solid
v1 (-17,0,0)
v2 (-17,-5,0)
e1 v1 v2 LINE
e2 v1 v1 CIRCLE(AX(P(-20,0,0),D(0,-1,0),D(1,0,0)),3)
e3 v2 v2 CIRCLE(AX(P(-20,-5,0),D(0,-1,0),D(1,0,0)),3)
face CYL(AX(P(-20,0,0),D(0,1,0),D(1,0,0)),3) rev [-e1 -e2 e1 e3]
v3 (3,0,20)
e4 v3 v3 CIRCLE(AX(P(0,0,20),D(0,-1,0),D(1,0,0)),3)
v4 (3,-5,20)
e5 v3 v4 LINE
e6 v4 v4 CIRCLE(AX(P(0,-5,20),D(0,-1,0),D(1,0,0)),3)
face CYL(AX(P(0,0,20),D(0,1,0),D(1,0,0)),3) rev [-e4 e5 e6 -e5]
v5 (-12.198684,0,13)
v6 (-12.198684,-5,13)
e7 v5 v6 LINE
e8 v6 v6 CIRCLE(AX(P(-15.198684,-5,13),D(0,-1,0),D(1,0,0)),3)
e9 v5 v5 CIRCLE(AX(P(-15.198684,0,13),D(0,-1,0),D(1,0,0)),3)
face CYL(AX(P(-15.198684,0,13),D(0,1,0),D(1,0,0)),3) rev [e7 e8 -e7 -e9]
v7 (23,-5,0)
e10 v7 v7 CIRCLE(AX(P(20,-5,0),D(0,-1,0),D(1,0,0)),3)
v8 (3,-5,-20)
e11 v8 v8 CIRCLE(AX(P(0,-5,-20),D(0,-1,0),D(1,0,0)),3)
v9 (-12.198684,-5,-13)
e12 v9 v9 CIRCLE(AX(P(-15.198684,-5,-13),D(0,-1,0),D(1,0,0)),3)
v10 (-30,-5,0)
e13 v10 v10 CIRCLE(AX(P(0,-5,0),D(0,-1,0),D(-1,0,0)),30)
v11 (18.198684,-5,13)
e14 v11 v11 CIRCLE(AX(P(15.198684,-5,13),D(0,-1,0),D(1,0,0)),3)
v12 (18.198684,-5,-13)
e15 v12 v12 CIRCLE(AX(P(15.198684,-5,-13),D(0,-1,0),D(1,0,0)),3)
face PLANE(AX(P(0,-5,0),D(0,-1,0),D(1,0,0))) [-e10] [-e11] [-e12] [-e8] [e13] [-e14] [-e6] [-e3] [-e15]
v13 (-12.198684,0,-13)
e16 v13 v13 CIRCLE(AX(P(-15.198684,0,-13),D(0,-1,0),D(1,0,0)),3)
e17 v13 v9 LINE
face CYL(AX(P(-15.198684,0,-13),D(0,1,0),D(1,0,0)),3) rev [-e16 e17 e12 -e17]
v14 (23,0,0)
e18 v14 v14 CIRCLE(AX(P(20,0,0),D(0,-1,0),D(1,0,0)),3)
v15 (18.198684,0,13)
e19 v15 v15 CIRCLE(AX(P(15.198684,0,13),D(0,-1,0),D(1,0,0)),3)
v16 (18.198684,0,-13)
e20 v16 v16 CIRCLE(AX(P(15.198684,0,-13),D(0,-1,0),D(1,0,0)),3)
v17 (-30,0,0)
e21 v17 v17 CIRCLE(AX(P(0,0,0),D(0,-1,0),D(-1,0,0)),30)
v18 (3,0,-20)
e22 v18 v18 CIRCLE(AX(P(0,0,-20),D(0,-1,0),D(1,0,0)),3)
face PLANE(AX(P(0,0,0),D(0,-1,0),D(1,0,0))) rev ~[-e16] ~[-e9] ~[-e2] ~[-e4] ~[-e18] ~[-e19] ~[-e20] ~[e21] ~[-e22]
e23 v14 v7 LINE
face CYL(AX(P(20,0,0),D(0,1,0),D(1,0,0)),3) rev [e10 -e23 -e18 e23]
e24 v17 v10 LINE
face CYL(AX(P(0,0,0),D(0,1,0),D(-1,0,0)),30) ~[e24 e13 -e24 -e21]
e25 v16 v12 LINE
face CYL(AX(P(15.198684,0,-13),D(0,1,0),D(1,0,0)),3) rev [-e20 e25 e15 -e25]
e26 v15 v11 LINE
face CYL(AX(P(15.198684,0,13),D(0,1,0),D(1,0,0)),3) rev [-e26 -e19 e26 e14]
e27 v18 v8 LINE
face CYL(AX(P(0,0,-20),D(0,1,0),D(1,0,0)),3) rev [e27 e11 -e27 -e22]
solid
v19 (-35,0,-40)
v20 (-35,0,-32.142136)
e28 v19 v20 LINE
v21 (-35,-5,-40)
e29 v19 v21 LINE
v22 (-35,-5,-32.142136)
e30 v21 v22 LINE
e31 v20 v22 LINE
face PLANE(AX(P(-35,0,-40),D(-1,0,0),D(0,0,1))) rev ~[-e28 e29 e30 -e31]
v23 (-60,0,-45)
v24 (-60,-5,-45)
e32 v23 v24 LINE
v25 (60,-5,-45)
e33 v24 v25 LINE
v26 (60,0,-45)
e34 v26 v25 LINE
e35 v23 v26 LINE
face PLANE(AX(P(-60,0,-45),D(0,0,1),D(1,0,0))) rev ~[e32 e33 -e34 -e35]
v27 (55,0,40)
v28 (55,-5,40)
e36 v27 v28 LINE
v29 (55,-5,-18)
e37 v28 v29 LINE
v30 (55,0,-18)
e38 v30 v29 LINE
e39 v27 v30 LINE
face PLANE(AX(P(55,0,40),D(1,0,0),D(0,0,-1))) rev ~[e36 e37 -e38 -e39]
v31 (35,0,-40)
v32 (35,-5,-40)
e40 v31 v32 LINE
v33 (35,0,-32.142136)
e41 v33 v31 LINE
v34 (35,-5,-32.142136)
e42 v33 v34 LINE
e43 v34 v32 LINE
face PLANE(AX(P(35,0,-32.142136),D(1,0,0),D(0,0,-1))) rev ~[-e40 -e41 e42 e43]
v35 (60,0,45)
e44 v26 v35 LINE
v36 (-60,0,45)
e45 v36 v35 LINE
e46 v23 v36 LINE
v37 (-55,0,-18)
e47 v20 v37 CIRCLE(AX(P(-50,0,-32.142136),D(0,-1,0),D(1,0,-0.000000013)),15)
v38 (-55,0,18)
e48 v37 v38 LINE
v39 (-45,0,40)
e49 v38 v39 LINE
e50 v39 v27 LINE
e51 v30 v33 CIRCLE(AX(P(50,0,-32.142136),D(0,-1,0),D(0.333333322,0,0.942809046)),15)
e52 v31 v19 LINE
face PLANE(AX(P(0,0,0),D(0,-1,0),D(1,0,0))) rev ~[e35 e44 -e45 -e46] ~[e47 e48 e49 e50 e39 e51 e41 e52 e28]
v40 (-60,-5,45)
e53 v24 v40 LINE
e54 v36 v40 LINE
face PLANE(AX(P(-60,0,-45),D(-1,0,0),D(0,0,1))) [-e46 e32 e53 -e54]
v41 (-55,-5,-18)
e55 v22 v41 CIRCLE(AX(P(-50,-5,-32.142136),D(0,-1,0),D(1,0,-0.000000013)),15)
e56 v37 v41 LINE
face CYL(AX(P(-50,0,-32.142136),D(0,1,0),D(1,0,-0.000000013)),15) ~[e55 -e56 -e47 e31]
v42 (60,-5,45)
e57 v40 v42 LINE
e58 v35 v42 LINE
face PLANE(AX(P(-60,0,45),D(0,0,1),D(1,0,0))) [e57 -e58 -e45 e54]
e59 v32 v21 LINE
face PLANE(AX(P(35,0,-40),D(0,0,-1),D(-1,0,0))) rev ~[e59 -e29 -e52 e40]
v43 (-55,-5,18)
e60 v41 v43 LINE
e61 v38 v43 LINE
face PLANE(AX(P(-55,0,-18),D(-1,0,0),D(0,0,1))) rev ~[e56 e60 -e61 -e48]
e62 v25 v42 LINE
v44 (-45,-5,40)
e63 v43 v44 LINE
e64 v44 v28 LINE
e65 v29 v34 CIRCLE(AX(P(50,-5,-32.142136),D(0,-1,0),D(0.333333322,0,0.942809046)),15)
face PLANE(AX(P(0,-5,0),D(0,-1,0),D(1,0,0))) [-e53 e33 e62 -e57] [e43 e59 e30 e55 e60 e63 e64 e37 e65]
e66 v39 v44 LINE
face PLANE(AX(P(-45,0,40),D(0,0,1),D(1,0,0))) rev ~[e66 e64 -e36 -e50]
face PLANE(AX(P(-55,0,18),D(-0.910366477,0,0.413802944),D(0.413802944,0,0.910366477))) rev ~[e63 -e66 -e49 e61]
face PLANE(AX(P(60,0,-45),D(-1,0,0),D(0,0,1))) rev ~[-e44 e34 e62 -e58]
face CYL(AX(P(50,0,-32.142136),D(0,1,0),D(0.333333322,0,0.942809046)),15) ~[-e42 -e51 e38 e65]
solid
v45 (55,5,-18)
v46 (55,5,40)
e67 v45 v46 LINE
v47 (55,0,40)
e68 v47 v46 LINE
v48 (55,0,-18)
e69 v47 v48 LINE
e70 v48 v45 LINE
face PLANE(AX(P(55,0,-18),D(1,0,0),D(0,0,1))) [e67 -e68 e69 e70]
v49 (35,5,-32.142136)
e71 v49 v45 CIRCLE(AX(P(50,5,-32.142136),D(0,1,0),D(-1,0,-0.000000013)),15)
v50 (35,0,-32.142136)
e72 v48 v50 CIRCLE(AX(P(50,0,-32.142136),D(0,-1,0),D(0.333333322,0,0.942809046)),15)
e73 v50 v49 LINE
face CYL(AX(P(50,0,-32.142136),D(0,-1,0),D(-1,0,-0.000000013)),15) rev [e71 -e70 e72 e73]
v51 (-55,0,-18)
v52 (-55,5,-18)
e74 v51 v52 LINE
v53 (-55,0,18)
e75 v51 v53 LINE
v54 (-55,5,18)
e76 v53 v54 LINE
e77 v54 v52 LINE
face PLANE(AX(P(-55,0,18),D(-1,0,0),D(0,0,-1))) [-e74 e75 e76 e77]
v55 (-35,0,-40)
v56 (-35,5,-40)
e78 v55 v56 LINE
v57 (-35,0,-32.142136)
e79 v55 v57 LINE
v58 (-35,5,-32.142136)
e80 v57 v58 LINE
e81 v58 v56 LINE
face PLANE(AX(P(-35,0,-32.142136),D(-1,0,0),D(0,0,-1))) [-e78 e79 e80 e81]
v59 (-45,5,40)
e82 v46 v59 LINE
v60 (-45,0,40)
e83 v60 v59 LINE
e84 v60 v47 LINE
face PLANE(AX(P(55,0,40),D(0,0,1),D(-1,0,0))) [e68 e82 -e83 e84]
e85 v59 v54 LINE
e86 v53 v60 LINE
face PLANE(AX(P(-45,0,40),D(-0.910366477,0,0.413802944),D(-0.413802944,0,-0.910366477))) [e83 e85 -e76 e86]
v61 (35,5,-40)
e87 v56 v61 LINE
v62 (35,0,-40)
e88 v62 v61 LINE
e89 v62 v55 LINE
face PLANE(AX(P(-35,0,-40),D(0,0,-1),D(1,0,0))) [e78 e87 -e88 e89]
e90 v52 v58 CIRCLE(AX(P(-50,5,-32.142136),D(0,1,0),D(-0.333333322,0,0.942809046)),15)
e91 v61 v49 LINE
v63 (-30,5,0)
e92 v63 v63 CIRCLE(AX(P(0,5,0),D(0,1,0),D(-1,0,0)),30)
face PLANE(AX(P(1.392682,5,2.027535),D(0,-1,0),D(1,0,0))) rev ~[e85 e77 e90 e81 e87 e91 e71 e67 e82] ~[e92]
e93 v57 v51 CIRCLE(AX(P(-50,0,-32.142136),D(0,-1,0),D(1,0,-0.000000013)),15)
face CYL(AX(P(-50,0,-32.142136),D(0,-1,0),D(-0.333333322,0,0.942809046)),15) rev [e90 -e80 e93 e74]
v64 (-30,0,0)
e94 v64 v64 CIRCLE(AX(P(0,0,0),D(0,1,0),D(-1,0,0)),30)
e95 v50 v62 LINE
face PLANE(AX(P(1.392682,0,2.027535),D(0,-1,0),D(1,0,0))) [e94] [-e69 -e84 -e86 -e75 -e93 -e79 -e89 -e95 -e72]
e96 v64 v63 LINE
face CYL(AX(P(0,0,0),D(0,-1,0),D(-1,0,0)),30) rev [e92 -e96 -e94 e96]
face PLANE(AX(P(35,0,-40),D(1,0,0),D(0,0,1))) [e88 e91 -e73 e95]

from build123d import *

# Parameters (mm, degrees)
F0_W     = 120
F0_H     = 90
F1_DEPTH = 5
F2_DEPTH = 5
F0_R     = 3
F3_DEPTH = 25
F4_DEPTH = 5
F5_DEPTH = 5


with BuildPart() as f1:
    # F0 (on Front) → F1 (new body)
    with BuildSketch(Plane.XZ):
        Rectangle(F0_W, F0_H)
        with BuildLine():
            Line((-55, -18), (-55, 18))
            Line((-55, 18), (-45, 40))
            Line((-45, 40), (55, 40))
            Line((55, 40), (55, 0))
            Line((55, 0), (55, -18))
            ThreePointArc((55, -18), (41.339746, -19.894687), (35, -32.142136))
            Line((35, -32.142136), (35, -40))
            Line((35, -40), (-35, -40))
            Line((-35, -40), (-35, -32.142136))
            ThreePointArc((-35, -32.142136), (-41.339746, -19.894687), (-55, -18))
        make_face(mode=Mode.SUBTRACT)
    extrude(amount=F1_DEPTH)

    # F0 (on Front) → F2 (join)
    with BuildSketch(Plane.XZ):
        with BuildLine():
            Line((-45, 40), (-55, 18))
            Line((-55, 18), (-55, -18))
            ThreePointArc((-55, -18), (-41.339746, -19.894687), (-35, -32.142136))
            Line((-35, -32.142136), (-35, -40))
            Line((-35, -40), (35, -40))
            Line((35, -40), (35, -32.142136))
            ThreePointArc((35, -32.142136), (41.339746, -19.894687), (55, -18))
            Line((55, -18), (55, 0))
            Line((55, 0), (55, 40))
            Line((55, 40), (-45, 40))
        make_face()
        with BuildLine():
            ThreePointArc((30, 0), (0, -30), (-30, 0))
            ThreePointArc((-30, 0), (0, 30), (30, 0))
        make_face(mode=Mode.SUBTRACT)
    extrude(amount=-F2_DEPTH)

    # F0 (on Front) → F3 (cut)
    with BuildSketch(Plane.XZ):
        with Locations((-15.198684, 13)):
            Circle(F0_R)
        with Locations((0, 20)):
            Circle(F0_R)
        with Locations((15.198684, 13)):
            Circle(F0_R)
        with Locations((20, 0)):
            Circle(F0_R)
        with Locations((15.198684, -13)):
            Circle(F0_R)
        with Locations((0, -20)):
            Circle(F0_R)
        with Locations((-15.198684, -13)):
            Circle(F0_R)
        with Locations((-20, 0)):
            Circle(F0_R)
    extrude(amount=F3_DEPTH, mode=Mode.SUBTRACT)

    # F0 (on Front) → F4 (cut)
    with BuildSketch(Plane.XZ):
        with BuildLine():
            ThreePointArc((30, 0), (0, 30), (-30, 0))
            ThreePointArc((-30, 0), (0, -30), (30, 0))
        make_face()
        with Locations((-15.198684, -13)):
            Circle(F0_R, mode=Mode.SUBTRACT)
        with Locations((0, -20)):
            Circle(F0_R, mode=Mode.SUBTRACT)
        with Locations((15.198684, -13)):
            Circle(F0_R, mode=Mode.SUBTRACT)
        with Locations((-20, 0)):
            Circle(F0_R, mode=Mode.SUBTRACT)
        with Locations((-15.198684, 13)):
            Circle(F0_R, mode=Mode.SUBTRACT)
        with Locations((20, 0)):
            Circle(F0_R, mode=Mode.SUBTRACT)
        with Locations((0, 20)):
            Circle(F0_R, mode=Mode.SUBTRACT)
        with Locations((15.198684, 13)):
            Circle(F0_R, mode=Mode.SUBTRACT)
    extrude(amount=-F4_DEPTH, mode=Mode.SUBTRACT)


with BuildPart() as f5:
    # F0 (on Front) → F5 (new body)
    with BuildSketch(Plane.XZ):
        with BuildLine():
            ThreePointArc((30, 0), (0, 30), (-30, 0))
            ThreePointArc((-30, 0), (0, -30), (30, 0))
        make_face()
        with Locations((-15.198684, -13)):
            Circle(F0_R, mode=Mode.SUBTRACT)
        with Locations((0, -20)):
            Circle(F0_R, mode=Mode.SUBTRACT)
        with Locations((15.198684, -13)):
            Circle(F0_R, mode=Mode.SUBTRACT)
        with Locations((-20, 0)):
            Circle(F0_R, mode=Mode.SUBTRACT)
        with Locations((-15.198684, 13)):
            Circle(F0_R, mode=Mode.SUBTRACT)
        with Locations((20, 0)):
            Circle(F0_R, mode=Mode.SUBTRACT)
        with Locations((0, 20)):
            Circle(F0_R, mode=Mode.SUBTRACT)
        with Locations((15.198684, 13)):
            Circle(F0_R, mode=Mode.SUBTRACT)
    extrude(amount=F5_DEPTH)


solid = Compound([f1.part, f5.part])
